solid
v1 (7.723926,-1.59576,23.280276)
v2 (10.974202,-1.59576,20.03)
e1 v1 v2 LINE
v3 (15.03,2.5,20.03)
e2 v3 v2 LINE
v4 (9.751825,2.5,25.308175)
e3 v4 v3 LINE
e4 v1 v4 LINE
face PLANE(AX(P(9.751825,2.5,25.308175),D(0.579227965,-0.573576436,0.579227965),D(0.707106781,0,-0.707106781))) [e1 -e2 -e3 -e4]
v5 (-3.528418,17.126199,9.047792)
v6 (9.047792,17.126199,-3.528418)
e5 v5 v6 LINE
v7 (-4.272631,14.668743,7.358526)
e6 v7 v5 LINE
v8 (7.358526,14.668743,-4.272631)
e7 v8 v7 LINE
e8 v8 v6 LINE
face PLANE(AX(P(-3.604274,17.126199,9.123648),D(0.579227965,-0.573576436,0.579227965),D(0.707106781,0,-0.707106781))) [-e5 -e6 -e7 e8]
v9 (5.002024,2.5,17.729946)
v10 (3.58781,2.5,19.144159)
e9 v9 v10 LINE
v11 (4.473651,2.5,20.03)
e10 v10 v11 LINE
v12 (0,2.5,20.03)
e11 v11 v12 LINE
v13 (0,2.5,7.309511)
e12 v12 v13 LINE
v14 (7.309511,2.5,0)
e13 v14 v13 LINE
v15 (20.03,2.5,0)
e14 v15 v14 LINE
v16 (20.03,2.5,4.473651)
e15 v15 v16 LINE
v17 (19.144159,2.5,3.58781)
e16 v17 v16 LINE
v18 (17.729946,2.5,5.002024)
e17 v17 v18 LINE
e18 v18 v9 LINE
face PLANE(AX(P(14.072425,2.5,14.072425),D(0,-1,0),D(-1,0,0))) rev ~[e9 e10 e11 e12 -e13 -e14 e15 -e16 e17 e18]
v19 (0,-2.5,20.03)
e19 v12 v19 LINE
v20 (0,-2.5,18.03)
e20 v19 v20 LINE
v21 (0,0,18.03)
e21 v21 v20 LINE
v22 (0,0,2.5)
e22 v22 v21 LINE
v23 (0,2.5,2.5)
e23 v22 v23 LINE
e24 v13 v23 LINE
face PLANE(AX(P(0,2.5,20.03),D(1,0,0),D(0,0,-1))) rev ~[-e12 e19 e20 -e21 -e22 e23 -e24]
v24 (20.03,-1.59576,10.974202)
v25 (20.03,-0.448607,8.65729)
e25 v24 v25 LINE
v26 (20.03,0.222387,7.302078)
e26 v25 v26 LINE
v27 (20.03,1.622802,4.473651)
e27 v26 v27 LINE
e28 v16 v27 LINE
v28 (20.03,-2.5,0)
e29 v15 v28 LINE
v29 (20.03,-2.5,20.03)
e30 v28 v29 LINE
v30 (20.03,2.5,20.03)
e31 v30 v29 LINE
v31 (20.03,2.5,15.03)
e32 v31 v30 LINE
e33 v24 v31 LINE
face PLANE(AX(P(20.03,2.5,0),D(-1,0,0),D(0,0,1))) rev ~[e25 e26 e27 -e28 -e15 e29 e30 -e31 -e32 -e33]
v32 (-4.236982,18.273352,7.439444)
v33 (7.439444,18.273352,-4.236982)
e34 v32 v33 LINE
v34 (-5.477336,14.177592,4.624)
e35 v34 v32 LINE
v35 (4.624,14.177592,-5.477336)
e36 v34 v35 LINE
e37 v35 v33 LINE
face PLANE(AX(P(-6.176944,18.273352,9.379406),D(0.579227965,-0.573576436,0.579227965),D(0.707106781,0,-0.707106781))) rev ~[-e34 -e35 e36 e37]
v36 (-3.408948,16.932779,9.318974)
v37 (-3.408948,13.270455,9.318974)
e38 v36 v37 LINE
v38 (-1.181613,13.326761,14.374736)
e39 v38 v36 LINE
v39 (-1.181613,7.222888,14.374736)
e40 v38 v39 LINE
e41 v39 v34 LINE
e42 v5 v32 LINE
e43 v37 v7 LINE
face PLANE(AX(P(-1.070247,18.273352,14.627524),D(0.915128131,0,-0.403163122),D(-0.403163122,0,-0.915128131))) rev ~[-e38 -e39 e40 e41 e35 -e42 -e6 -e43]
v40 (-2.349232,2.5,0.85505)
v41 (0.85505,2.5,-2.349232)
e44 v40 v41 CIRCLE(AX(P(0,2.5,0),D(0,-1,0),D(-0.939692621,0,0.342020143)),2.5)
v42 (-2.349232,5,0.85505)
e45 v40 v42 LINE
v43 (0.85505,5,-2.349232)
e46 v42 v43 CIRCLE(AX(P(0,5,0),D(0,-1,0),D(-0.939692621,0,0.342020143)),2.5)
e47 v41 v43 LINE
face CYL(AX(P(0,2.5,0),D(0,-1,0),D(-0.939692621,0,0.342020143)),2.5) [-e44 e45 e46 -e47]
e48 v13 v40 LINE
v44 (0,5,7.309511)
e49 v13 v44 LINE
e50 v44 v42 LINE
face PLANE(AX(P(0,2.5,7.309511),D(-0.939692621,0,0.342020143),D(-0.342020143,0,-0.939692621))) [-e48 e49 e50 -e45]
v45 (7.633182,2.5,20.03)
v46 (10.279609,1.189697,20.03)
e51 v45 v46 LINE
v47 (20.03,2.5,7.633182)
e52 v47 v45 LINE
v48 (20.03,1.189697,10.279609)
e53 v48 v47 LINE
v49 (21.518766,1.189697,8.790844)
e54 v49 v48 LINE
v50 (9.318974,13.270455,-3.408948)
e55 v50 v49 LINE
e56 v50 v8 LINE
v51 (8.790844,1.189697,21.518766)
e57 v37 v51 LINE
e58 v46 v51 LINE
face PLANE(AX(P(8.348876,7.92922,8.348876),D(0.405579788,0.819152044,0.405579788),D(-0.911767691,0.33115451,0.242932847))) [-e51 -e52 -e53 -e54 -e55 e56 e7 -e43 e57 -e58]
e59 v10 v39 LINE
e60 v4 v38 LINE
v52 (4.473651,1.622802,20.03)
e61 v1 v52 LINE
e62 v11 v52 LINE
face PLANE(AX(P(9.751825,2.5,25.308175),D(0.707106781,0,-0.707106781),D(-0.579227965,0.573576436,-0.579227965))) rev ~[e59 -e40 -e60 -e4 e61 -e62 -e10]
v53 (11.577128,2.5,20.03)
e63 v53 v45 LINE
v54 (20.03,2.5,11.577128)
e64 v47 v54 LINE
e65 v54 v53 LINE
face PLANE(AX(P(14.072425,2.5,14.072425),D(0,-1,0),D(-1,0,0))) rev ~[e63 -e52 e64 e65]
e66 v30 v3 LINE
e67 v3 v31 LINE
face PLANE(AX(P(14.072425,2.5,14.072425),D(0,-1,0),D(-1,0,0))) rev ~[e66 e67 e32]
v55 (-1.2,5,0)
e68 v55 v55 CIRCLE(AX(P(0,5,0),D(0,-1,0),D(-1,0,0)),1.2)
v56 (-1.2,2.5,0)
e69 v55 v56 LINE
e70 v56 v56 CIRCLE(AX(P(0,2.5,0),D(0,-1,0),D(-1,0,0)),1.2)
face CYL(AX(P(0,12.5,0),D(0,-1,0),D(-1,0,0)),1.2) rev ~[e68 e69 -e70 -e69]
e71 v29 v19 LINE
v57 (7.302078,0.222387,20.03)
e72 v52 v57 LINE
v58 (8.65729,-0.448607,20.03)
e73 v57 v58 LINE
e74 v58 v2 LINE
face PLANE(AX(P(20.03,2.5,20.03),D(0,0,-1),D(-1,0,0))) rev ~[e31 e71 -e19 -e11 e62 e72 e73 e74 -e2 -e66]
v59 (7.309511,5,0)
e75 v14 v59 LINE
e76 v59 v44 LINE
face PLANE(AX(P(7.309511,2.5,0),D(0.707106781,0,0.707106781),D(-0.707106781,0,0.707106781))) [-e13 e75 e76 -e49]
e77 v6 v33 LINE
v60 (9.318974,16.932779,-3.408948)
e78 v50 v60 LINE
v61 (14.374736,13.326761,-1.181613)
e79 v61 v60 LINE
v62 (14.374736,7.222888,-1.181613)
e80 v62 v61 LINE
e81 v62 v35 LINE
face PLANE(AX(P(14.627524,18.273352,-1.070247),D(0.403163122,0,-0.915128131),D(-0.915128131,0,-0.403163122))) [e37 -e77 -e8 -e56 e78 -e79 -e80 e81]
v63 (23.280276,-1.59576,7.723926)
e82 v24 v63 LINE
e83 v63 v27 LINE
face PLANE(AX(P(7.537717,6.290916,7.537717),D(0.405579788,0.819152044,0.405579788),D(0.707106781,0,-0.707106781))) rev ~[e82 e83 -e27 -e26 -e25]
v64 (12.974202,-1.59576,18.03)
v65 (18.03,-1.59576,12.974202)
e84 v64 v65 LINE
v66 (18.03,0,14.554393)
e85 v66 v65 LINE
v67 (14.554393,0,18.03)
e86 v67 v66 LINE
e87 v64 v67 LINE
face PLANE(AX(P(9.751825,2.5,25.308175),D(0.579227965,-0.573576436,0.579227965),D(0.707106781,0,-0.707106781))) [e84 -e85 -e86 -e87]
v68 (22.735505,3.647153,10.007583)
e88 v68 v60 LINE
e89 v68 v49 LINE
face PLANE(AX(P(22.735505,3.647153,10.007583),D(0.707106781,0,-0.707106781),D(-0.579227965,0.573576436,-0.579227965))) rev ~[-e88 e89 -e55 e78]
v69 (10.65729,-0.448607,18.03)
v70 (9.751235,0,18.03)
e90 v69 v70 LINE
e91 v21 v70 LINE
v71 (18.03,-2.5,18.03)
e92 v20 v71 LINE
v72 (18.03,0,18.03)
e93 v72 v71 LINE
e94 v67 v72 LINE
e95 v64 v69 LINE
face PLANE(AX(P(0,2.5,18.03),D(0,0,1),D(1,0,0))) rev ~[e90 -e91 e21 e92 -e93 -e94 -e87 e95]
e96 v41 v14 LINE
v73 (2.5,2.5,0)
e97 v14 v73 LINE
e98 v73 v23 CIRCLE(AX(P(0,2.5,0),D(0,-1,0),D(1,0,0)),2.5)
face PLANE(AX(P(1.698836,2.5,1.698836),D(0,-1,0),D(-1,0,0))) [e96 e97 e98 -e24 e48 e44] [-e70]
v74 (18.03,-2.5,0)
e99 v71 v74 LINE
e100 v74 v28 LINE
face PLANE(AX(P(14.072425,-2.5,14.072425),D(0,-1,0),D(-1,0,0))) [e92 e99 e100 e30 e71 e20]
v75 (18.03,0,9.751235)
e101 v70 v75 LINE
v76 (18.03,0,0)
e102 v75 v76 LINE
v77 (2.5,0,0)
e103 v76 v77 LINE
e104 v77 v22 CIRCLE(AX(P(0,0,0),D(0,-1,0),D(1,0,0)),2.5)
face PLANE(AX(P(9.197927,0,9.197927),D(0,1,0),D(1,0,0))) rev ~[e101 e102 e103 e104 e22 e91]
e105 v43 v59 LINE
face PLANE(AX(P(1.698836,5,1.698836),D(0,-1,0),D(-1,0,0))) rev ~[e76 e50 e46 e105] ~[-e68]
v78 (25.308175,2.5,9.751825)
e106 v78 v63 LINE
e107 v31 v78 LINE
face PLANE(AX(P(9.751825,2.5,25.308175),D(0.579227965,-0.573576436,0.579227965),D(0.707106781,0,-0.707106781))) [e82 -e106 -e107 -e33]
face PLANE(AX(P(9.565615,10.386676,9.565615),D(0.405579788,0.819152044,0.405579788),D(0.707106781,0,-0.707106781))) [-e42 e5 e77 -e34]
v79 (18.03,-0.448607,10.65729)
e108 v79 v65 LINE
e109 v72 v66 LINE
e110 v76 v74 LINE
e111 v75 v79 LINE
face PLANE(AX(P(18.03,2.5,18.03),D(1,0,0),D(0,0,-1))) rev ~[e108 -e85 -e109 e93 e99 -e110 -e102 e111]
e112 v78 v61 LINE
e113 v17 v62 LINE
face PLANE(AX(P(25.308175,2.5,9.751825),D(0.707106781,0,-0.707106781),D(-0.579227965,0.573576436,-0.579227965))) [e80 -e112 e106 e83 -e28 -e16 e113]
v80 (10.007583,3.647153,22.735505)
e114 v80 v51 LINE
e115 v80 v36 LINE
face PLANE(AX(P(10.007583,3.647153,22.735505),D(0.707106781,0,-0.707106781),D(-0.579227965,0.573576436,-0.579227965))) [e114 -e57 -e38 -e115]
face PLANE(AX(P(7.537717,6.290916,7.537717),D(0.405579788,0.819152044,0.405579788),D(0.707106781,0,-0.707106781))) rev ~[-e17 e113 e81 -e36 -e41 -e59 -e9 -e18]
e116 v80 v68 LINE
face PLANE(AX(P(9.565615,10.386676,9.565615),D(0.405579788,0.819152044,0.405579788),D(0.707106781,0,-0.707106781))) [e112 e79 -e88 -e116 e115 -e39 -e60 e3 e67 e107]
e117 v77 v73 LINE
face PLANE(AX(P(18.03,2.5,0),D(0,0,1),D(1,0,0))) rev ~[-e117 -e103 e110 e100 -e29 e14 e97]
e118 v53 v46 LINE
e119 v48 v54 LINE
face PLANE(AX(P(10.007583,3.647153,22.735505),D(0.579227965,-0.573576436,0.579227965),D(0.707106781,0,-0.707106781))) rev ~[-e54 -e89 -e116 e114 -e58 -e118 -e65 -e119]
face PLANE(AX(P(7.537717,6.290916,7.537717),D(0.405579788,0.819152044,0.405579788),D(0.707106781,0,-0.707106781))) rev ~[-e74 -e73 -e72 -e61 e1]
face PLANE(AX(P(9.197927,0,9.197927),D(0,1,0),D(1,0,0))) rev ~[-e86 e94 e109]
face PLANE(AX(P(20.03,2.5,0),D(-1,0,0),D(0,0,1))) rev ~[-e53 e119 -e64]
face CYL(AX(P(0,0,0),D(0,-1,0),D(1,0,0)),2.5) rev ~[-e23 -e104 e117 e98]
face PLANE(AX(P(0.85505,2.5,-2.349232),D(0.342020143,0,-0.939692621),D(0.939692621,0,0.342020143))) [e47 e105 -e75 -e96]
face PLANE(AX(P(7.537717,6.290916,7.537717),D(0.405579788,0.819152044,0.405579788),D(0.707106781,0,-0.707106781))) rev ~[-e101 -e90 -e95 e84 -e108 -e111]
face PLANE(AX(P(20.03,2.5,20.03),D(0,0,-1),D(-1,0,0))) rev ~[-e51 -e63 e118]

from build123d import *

# Parameters (mm, degrees)
BOSS_EXTRUDE1_DEPTH      = 2.5
BOSS_EXTRUDE2_DEPTH      = 5
BOSS_EXTRUDE3_DEPTH      = 2.5
SKETCH7_W                = 22
SKETCH7_H                = 27.5
SKETCH7_W_2              = 18
SKETCH7_H_2              = 23.5
BOSS_EXTRUDE4_DEPTH      = 5
M2_CLEARANCE_HOLE1_D     = 2.4
M2_CLEARANCE_HOLE1_DEPTH = 7.5
BOSS_EXTRUDE5_DEPTH      = 2
CUT_EXTRUDE5_DEPTH       = 42.382841321


with BuildPart() as part:
    # Sketch1 → Boss-Extrude1 (new body)
    with BuildSketch(Plane(origin=(0, 0, 0), x_dir=(1, 0, 0), z_dir=(0, 1, 0))):
        with BuildLine():
            Line((0, -2.5), (0, -18.03))
            Line((0, -18.03), (18.03, -18.03))
            Line((18.03, -18.03), (18.03, 0))
            Line((18.03, 0), (2.5, 0))
            ThreePointArc((2.5, 0), (1.767766953, -1.767766953), (0, -2.5))
        make_face()
    extrude(amount=BOSS_EXTRUDE1_DEPTH)

    # Sketch2 → Boss-Extrude2 (add)
    with BuildSketch(Plane(origin=(0, 2.5, 0), x_dir=(1, 0, 0), z_dir=(0, 1, 0))):
        Polygon((0, -20.03), (0, -18.03), (18.03, -18.03), (18.03, 0), (20.03, 0), (20.03, -20.03), align=None)
    extrude(amount=-BOSS_EXTRUDE2_DEPTH)

    # Sketch3 → Boss-Extrude3 (add)
    with BuildSketch(Plane(origin=(0, 2.5, 0), x_dir=(1, 0, 0), z_dir=(0, 1, 0))):
        with BuildLine():
            Line((0.855050358, 2.349231552), (7.309511, 0))
            Line((7.309511, 0), (0, -7.309511))
            Line((0, -7.309511), (-2.349231552, -0.855050358))
            ThreePointArc((-2.349231552, -0.855050358), (-1.767766953, 1.767766953), (0.855050358, 2.349231552))
        make_face()
    extrude(amount=BOSS_EXTRUDE3_DEPTH)

    # Sketch7 → Boss-Extrude4 (add)
    with BuildSketch(Plane(origin=(6.597772224, 13.325561997, 6.597772224), x_dir=(0.7071067811865464, 0, -0.7071067811865488), z_dir=(0.40557978767264036, 0.819152044288991, 0.40557978767263897))):
        with Locations((0, -5.123791374)):
            Rectangle(SKETCH7_W, SKETCH7_H)
        with Locations((0, -5.123791374)):
            Rectangle(SKETCH7_W_2, SKETCH7_H_2, mode=Mode.SUBTRACT)
    extrude(amount=-BOSS_EXTRUDE4_DEPTH)

    # M2 Clearance Hole1
    with Locations(Plane(origin=(0, 5, 0), x_dir=(1, 0, 0), z_dir=(0, 1, 0))):
        with Locations((0, 0)):
            Hole(M2_CLEARANCE_HOLE1_D / 2, depth=M2_CLEARANCE_HOLE1_DEPTH)

    # Sketch10 → Boss-Extrude5 (add)
    with BuildSketch(Plane(origin=(4.569873286, 9.229801775, 4.569873286), x_dir=(0.9117676909005845, -0.3311545099281039, -0.24293284747866747), z_dir=(-0.40557978767264047, -0.8191520442889909, -0.40557978767263886))):
        Polygon((-13.961806263, -0.692416888), (1.91532614, 21.761239087), (19.878250921, 9.059533165), (4.001118518, -13.394122811), align=None)
    extrude(amount=-BOSS_EXTRUDE5_DEPTH)

    # Sketch13 → Cut-Extrude5 (cut, through all)
    with BuildSketch(Plane(origin=(0, 18.273352, 0), x_dir=(1, 0, 0), z_dir=(0, 1, 0))):
        Polygon((-8.346263934, -7.351506608), (-1.070246696, -14.627523847), (-5.52058621, -4.525828883), align=None)
        Polygon((7.351506608, 8.346263934), (14.627523847, 1.070246696), (4.525828883, 5.52058621), align=None)
    extrude(amount=-CUT_EXTRUDE5_DEPTH, mode=Mode.SUBTRACT)


solid = part.part
